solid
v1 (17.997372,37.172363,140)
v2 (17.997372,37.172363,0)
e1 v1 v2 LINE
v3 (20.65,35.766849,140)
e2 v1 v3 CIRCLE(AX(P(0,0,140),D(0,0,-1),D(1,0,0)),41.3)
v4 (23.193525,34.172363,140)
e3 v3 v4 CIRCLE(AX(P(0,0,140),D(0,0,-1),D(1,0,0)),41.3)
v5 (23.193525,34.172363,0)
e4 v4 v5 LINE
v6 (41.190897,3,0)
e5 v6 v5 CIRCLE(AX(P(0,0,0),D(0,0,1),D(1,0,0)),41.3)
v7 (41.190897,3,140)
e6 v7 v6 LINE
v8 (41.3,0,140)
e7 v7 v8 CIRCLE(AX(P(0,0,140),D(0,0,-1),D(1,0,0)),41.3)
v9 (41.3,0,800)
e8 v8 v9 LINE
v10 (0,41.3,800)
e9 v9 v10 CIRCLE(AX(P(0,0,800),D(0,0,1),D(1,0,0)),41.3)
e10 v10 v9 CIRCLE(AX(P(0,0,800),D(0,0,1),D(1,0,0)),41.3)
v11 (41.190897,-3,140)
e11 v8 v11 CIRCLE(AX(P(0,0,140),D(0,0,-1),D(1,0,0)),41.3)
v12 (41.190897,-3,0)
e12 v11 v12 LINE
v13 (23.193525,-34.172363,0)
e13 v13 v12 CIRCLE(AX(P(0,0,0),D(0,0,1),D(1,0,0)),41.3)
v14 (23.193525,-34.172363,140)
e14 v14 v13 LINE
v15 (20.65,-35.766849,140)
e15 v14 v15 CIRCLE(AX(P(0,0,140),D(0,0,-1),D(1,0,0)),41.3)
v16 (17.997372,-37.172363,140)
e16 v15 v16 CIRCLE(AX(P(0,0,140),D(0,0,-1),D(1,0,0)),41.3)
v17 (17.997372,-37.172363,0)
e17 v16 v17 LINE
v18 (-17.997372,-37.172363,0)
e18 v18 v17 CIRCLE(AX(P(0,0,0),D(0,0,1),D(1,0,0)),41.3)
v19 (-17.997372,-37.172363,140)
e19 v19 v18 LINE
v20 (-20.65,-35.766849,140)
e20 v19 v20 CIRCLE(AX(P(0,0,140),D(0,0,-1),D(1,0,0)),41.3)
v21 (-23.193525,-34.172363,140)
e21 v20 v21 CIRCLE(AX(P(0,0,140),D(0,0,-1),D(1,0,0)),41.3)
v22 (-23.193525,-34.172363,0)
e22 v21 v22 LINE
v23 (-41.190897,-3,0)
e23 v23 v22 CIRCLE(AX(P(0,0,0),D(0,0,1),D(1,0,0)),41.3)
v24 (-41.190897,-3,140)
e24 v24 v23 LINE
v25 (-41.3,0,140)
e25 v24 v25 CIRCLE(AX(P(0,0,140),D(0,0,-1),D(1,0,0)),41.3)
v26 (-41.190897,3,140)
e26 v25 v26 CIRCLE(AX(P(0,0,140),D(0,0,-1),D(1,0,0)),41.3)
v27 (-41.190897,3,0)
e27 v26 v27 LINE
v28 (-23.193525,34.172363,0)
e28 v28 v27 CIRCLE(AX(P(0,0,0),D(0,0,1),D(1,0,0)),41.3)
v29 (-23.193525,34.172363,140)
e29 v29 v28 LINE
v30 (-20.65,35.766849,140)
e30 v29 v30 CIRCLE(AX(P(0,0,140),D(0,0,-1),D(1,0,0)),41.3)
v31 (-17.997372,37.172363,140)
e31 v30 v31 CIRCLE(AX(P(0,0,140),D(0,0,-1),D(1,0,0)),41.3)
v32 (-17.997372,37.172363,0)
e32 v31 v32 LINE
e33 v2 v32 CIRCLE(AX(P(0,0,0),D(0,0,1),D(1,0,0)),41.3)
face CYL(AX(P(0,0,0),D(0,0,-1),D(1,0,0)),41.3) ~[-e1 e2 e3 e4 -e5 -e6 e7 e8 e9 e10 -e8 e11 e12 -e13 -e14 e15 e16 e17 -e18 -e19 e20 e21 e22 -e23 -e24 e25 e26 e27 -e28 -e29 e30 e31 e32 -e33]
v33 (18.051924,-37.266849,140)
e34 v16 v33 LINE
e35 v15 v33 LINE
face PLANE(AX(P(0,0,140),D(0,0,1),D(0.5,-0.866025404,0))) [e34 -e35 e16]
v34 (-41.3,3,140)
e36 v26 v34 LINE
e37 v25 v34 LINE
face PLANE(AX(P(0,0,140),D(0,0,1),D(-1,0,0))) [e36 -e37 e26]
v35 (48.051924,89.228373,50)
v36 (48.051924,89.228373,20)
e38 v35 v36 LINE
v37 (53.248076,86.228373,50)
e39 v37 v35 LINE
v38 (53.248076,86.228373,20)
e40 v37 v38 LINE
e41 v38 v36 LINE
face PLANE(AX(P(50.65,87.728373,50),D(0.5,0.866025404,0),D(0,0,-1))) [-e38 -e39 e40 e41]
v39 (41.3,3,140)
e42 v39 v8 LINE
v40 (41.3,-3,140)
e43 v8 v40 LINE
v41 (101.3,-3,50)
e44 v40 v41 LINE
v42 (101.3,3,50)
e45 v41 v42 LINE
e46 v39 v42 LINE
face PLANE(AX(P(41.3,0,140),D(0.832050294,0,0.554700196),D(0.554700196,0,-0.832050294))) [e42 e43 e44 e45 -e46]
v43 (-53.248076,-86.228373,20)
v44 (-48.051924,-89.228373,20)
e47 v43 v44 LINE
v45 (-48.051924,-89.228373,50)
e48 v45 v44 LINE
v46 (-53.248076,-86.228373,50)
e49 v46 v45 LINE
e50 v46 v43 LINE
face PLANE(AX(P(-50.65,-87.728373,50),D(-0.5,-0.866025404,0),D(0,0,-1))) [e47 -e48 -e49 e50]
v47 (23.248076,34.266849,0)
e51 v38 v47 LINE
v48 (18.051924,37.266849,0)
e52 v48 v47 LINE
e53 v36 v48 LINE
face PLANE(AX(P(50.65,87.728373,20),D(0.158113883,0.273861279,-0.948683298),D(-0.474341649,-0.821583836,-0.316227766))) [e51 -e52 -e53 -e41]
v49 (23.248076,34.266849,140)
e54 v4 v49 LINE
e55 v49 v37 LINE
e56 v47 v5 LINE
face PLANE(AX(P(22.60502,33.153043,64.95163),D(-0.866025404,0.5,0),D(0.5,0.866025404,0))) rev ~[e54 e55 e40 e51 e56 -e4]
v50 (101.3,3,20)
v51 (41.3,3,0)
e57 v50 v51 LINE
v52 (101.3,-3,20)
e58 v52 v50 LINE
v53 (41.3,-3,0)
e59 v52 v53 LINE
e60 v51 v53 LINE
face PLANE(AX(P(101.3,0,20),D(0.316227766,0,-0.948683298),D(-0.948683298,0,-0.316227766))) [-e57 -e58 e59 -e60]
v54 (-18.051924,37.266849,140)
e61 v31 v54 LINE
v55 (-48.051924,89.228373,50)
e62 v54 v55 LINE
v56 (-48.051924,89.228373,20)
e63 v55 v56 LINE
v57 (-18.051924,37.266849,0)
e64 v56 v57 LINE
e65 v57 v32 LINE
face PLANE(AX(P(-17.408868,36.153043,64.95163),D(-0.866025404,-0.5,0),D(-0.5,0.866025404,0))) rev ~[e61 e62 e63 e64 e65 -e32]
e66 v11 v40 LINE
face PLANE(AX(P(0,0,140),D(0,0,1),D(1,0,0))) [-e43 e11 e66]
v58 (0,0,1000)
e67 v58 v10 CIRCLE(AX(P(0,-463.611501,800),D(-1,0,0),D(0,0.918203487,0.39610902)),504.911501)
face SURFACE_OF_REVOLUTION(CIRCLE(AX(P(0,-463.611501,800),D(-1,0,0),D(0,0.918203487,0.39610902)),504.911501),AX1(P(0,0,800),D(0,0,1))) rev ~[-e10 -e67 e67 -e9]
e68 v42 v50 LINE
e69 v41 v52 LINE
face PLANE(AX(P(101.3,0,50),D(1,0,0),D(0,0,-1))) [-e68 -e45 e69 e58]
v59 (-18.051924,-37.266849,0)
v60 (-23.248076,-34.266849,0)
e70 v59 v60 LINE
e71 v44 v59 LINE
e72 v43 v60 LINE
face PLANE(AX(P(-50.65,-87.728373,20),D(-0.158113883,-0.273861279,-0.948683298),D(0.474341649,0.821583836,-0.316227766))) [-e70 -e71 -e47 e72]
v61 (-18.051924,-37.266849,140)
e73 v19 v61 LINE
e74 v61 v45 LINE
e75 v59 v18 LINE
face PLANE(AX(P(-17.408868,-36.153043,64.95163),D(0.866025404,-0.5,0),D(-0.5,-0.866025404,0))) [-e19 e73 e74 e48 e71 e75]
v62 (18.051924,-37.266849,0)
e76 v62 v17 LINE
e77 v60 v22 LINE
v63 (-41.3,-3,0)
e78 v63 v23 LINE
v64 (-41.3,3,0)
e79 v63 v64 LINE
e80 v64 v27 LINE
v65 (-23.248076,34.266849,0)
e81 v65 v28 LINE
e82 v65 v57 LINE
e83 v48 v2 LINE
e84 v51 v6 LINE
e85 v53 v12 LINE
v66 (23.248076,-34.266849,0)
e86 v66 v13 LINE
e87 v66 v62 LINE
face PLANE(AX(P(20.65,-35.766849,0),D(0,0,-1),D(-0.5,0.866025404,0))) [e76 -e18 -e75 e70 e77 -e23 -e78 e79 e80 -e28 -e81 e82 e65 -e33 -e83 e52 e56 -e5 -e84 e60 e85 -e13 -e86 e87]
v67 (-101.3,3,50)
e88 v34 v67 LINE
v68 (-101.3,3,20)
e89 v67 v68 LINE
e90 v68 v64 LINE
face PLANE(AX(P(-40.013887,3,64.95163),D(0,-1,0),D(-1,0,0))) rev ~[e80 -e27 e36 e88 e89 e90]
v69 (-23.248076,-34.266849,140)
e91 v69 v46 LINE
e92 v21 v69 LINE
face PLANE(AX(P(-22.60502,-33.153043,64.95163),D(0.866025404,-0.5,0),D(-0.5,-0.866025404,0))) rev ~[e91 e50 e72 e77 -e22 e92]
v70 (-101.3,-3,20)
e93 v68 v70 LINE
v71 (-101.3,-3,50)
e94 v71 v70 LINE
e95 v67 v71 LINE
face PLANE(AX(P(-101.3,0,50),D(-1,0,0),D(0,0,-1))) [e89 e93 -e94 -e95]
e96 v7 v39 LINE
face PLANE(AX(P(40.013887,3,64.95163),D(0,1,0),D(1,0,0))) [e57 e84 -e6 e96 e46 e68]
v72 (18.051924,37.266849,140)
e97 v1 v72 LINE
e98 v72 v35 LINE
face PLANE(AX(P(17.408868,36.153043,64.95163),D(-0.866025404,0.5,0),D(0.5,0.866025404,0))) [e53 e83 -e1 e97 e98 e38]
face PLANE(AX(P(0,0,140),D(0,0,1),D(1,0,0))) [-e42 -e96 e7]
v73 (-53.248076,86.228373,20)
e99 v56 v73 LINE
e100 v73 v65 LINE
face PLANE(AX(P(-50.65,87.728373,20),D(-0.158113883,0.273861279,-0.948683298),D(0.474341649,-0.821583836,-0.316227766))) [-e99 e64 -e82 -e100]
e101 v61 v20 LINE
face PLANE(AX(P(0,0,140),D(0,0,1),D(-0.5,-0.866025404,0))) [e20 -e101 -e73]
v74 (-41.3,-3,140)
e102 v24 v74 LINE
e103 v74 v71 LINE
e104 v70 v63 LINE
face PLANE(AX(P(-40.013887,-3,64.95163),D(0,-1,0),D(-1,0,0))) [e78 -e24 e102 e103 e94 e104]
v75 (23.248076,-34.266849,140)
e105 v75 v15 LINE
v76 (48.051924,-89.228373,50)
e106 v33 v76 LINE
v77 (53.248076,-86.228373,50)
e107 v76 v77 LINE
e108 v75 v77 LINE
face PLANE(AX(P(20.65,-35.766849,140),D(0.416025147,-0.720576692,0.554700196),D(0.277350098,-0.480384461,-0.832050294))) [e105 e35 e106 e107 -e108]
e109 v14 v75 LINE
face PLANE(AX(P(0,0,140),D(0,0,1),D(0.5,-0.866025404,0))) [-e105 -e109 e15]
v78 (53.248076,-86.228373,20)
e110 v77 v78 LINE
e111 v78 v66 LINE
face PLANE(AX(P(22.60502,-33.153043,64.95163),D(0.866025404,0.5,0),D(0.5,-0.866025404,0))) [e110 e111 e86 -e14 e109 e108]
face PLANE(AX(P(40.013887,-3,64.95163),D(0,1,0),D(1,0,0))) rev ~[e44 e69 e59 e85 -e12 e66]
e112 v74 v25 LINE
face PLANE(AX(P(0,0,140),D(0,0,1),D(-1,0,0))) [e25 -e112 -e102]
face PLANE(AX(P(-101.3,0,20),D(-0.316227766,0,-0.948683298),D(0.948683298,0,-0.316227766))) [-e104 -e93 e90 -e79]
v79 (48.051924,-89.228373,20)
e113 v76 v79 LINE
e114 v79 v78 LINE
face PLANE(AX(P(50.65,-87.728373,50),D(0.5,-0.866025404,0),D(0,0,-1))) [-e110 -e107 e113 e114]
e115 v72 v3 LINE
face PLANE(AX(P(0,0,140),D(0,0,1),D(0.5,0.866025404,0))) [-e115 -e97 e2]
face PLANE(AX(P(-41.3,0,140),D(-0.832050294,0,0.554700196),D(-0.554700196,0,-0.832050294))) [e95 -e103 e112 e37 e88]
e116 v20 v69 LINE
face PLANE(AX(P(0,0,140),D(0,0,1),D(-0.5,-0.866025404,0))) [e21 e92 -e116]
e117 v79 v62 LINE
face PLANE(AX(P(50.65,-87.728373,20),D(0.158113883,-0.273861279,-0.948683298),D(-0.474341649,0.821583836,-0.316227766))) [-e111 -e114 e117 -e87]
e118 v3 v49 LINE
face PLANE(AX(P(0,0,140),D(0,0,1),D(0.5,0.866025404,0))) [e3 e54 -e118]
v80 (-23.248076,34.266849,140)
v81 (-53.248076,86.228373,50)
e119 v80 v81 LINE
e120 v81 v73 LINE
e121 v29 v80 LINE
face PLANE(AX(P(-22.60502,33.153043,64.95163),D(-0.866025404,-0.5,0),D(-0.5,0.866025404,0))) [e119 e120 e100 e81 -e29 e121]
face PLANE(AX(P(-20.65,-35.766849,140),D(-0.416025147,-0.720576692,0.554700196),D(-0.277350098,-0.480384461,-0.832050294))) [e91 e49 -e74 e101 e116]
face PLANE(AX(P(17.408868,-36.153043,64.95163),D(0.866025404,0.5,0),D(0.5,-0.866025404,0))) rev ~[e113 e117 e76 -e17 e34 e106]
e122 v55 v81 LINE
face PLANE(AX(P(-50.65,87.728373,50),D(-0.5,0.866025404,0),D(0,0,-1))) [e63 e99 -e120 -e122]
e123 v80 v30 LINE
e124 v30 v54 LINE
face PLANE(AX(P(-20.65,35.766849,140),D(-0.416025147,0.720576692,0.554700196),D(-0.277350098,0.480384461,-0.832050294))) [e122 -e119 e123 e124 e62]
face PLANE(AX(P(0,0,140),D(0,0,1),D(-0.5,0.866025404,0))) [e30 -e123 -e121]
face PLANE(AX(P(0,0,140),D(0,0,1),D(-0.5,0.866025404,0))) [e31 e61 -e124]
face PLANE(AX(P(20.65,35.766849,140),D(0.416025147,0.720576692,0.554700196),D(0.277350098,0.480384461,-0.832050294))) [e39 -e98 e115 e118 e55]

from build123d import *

# Parameters (mm, degrees)
SKETCH1_R           = 41.3
BOSS_EXTRUDE1_DEPTH = 800
BOSS_EXTRUDE2_DEPTH = 3
CIRPATTERN1_COUNT   = 6


with BuildPart() as part:
    # Sketch1 → Boss-Extrude1 (new body)
    with BuildSketch(Plane.XY):
        Circle(SKETCH1_R)
    extrude(amount=BOSS_EXTRUDE1_DEPTH)

    # Sketch2 → Revolve1 (revolve)
    with BuildSketch(Plane(origin=(0, 0, 0), x_dir=(0, 0, -1), z_dir=(1, 0, 0))):
        with BuildLine():
            Line((-800, 0), (-1000, 0))
            ThreePointArc((-1000, 0), (-902.109855058, 30.867215778), (-800, 41.3))
            Line((-800, 41.3), (-800, 0))
        make_face()
    revolve(axis=Axis((0, 0, 800), (0, 0, 1)))

    # Sketch3 → Boss-Extrude2 (add, symmetric)
    with BuildSketch(Plane(origin=(0, 0, 0), x_dir=(1, 0, 0), z_dir=(0, 1, 0))):
        Polygon((41.3, -140), (101.3, -50), (101.3, -20), (41.3, 0), (0, 0), (0, -140), align=None)
    boss_extrude2 = extrude(amount=BOSS_EXTRUDE2_DEPTH, both=True)

    # CirPattern1: Boss-Extrude2 ×6 about axis
    cirpattern1_axis = Axis((0, 0, 0), (0, 0, 1))
    for i in range(1, CIRPATTERN1_COUNT):
        add(boss_extrude2.rotate(cirpattern1_axis, i * 360 / CIRPATTERN1_COUNT))


solid = part.part
